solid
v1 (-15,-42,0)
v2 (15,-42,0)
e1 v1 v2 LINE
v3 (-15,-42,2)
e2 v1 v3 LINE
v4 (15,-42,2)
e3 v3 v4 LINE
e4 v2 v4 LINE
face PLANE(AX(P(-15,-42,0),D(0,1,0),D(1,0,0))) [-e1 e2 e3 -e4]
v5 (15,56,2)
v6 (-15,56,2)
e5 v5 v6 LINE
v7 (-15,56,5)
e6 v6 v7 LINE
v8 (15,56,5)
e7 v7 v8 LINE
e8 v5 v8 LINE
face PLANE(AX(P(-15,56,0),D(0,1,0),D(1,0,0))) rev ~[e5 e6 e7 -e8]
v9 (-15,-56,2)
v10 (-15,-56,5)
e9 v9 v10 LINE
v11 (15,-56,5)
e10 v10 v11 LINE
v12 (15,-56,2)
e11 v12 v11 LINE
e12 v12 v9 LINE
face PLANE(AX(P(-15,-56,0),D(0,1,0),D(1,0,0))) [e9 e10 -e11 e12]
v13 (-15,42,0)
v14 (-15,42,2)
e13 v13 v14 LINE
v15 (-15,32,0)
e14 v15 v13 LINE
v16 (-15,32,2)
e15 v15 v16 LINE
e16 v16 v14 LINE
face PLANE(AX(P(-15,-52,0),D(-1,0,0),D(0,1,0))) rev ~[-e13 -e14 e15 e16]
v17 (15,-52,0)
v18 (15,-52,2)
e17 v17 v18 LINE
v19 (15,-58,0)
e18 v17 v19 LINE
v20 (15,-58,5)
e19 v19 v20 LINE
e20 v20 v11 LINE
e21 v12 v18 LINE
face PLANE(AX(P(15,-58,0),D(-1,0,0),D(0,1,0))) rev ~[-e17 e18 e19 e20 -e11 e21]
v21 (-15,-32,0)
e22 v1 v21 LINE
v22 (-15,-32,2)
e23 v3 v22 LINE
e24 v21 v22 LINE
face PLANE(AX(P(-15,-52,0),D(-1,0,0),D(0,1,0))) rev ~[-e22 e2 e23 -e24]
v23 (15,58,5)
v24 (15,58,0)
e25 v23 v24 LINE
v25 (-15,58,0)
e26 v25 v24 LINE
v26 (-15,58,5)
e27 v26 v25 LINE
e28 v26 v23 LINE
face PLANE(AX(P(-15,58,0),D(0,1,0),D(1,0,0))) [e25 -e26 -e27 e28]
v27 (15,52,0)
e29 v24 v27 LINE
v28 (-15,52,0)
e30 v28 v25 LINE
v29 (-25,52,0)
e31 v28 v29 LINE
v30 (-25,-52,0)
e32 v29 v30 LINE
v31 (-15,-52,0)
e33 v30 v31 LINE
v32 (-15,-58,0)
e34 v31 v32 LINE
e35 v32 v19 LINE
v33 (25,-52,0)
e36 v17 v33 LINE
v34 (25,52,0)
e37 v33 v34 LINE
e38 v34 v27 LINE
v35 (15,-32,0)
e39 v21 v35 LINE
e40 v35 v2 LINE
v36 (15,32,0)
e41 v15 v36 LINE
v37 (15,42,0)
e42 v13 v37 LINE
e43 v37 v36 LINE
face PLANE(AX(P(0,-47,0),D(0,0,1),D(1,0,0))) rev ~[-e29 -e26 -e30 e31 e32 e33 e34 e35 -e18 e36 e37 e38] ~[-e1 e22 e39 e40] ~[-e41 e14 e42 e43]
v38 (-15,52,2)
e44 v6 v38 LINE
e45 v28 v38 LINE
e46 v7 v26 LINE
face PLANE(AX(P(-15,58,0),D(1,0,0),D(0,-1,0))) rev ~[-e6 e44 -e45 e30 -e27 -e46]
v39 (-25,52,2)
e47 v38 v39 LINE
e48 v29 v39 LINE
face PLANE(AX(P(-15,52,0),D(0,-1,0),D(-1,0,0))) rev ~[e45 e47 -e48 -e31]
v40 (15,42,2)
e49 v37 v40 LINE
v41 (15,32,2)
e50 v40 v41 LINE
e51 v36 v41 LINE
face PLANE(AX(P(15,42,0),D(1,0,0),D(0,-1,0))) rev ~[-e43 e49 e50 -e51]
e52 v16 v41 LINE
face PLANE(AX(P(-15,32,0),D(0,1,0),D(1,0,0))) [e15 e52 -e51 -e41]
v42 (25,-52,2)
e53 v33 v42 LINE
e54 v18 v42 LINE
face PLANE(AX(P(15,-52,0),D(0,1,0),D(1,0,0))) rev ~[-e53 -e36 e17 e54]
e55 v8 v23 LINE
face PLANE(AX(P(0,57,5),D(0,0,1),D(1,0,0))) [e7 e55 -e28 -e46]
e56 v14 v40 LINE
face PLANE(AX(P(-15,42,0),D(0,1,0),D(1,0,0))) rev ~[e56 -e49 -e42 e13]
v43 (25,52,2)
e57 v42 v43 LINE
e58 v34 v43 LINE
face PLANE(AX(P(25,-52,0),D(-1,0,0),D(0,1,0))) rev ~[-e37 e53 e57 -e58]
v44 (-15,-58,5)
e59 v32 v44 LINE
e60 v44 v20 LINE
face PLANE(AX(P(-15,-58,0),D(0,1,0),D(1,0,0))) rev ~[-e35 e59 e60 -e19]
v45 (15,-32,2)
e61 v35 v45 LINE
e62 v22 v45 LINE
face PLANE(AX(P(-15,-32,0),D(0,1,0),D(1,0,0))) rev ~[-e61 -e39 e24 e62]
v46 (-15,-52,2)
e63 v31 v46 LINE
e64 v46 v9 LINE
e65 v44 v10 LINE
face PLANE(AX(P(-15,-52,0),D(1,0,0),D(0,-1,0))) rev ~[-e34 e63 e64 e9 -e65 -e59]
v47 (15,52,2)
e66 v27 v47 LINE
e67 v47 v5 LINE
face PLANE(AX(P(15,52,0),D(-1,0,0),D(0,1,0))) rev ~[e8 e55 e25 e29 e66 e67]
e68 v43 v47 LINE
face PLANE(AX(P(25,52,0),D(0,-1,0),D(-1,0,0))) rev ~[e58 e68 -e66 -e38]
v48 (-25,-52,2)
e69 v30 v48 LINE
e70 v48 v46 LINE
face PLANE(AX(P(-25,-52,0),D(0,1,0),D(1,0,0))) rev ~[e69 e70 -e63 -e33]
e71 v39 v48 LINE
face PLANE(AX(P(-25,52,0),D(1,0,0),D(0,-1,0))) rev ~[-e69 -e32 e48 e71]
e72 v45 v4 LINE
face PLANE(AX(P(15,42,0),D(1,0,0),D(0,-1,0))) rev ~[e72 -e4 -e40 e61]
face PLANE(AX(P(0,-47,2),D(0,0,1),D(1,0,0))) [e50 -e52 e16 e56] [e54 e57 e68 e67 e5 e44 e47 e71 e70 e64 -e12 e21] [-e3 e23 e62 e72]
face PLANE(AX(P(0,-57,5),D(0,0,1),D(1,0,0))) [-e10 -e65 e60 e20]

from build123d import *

# Parameters (mm, degrees)
F0_W     = 30
F0_H     = 10
F0_H_2   = 4
F0_H_3   = 2
F1_DEPTH = 2
F2_DEPTH = 5
F0_H_4   = 64
F3_DEPTH = 2


with BuildPart() as f1:
    # F0 (on Top) → F1 (new body)
    with BuildSketch(Plane.XY):
        with Locations((0, 47)):
            Rectangle(F0_W, F0_H)
        Polygon((15, -42), (15, -52), (25, -52), (25, 52), (15, 52), (15, 42), (15, 32), (15, -32), align=None)
        with Locations((0, 54)):
            Rectangle(F0_W, F0_H_2)
        with Locations((0, 57)):
            Rectangle(F0_W, F0_H_3)
        Polygon((-25, -52), (-15, -52), (-15, -42), (-15, -32), (-15, 32), (-15, 42), (-15, 52), (-25, 52), align=None)
    extrude(amount=F1_DEPTH)

    # F0 (on Top) → F2, piece 2 (join)
    with BuildSketch(Plane.XY):
        with Locations((0, 57)):
            Rectangle(F0_W, F0_H_3)
    extrude(amount=F2_DEPTH)



with BuildPart() as f1b:
    # F0 (on Top) → F1, piece 2 (new body)
    with BuildSketch(Plane.XY):
        with Locations((0, -54)):
            Rectangle(F0_W, F0_H_2)
        with Locations((0, -57)):
            Rectangle(F0_W, F0_H_3)
    extrude(amount=F1_DEPTH)

    # F0 (on Top) → F2 (join)
    with BuildSketch(Plane.XY):
        with Locations((0, -57)):
            Rectangle(F0_W, F0_H_3)
    extrude(amount=F2_DEPTH)


with BuildPart() as f1_1:
    add(f1.part)

    add(f1b.part)  # F3 merges F1b
    # F0 (on Top) → F3 (join)
    with BuildSketch(Plane.XY):
        Rectangle(F0_W, F0_H_4)
        with Locations((0, -47)):
            Rectangle(F0_W, F0_H)
    extrude(amount=F3_DEPTH)


solid = f1_1.part
